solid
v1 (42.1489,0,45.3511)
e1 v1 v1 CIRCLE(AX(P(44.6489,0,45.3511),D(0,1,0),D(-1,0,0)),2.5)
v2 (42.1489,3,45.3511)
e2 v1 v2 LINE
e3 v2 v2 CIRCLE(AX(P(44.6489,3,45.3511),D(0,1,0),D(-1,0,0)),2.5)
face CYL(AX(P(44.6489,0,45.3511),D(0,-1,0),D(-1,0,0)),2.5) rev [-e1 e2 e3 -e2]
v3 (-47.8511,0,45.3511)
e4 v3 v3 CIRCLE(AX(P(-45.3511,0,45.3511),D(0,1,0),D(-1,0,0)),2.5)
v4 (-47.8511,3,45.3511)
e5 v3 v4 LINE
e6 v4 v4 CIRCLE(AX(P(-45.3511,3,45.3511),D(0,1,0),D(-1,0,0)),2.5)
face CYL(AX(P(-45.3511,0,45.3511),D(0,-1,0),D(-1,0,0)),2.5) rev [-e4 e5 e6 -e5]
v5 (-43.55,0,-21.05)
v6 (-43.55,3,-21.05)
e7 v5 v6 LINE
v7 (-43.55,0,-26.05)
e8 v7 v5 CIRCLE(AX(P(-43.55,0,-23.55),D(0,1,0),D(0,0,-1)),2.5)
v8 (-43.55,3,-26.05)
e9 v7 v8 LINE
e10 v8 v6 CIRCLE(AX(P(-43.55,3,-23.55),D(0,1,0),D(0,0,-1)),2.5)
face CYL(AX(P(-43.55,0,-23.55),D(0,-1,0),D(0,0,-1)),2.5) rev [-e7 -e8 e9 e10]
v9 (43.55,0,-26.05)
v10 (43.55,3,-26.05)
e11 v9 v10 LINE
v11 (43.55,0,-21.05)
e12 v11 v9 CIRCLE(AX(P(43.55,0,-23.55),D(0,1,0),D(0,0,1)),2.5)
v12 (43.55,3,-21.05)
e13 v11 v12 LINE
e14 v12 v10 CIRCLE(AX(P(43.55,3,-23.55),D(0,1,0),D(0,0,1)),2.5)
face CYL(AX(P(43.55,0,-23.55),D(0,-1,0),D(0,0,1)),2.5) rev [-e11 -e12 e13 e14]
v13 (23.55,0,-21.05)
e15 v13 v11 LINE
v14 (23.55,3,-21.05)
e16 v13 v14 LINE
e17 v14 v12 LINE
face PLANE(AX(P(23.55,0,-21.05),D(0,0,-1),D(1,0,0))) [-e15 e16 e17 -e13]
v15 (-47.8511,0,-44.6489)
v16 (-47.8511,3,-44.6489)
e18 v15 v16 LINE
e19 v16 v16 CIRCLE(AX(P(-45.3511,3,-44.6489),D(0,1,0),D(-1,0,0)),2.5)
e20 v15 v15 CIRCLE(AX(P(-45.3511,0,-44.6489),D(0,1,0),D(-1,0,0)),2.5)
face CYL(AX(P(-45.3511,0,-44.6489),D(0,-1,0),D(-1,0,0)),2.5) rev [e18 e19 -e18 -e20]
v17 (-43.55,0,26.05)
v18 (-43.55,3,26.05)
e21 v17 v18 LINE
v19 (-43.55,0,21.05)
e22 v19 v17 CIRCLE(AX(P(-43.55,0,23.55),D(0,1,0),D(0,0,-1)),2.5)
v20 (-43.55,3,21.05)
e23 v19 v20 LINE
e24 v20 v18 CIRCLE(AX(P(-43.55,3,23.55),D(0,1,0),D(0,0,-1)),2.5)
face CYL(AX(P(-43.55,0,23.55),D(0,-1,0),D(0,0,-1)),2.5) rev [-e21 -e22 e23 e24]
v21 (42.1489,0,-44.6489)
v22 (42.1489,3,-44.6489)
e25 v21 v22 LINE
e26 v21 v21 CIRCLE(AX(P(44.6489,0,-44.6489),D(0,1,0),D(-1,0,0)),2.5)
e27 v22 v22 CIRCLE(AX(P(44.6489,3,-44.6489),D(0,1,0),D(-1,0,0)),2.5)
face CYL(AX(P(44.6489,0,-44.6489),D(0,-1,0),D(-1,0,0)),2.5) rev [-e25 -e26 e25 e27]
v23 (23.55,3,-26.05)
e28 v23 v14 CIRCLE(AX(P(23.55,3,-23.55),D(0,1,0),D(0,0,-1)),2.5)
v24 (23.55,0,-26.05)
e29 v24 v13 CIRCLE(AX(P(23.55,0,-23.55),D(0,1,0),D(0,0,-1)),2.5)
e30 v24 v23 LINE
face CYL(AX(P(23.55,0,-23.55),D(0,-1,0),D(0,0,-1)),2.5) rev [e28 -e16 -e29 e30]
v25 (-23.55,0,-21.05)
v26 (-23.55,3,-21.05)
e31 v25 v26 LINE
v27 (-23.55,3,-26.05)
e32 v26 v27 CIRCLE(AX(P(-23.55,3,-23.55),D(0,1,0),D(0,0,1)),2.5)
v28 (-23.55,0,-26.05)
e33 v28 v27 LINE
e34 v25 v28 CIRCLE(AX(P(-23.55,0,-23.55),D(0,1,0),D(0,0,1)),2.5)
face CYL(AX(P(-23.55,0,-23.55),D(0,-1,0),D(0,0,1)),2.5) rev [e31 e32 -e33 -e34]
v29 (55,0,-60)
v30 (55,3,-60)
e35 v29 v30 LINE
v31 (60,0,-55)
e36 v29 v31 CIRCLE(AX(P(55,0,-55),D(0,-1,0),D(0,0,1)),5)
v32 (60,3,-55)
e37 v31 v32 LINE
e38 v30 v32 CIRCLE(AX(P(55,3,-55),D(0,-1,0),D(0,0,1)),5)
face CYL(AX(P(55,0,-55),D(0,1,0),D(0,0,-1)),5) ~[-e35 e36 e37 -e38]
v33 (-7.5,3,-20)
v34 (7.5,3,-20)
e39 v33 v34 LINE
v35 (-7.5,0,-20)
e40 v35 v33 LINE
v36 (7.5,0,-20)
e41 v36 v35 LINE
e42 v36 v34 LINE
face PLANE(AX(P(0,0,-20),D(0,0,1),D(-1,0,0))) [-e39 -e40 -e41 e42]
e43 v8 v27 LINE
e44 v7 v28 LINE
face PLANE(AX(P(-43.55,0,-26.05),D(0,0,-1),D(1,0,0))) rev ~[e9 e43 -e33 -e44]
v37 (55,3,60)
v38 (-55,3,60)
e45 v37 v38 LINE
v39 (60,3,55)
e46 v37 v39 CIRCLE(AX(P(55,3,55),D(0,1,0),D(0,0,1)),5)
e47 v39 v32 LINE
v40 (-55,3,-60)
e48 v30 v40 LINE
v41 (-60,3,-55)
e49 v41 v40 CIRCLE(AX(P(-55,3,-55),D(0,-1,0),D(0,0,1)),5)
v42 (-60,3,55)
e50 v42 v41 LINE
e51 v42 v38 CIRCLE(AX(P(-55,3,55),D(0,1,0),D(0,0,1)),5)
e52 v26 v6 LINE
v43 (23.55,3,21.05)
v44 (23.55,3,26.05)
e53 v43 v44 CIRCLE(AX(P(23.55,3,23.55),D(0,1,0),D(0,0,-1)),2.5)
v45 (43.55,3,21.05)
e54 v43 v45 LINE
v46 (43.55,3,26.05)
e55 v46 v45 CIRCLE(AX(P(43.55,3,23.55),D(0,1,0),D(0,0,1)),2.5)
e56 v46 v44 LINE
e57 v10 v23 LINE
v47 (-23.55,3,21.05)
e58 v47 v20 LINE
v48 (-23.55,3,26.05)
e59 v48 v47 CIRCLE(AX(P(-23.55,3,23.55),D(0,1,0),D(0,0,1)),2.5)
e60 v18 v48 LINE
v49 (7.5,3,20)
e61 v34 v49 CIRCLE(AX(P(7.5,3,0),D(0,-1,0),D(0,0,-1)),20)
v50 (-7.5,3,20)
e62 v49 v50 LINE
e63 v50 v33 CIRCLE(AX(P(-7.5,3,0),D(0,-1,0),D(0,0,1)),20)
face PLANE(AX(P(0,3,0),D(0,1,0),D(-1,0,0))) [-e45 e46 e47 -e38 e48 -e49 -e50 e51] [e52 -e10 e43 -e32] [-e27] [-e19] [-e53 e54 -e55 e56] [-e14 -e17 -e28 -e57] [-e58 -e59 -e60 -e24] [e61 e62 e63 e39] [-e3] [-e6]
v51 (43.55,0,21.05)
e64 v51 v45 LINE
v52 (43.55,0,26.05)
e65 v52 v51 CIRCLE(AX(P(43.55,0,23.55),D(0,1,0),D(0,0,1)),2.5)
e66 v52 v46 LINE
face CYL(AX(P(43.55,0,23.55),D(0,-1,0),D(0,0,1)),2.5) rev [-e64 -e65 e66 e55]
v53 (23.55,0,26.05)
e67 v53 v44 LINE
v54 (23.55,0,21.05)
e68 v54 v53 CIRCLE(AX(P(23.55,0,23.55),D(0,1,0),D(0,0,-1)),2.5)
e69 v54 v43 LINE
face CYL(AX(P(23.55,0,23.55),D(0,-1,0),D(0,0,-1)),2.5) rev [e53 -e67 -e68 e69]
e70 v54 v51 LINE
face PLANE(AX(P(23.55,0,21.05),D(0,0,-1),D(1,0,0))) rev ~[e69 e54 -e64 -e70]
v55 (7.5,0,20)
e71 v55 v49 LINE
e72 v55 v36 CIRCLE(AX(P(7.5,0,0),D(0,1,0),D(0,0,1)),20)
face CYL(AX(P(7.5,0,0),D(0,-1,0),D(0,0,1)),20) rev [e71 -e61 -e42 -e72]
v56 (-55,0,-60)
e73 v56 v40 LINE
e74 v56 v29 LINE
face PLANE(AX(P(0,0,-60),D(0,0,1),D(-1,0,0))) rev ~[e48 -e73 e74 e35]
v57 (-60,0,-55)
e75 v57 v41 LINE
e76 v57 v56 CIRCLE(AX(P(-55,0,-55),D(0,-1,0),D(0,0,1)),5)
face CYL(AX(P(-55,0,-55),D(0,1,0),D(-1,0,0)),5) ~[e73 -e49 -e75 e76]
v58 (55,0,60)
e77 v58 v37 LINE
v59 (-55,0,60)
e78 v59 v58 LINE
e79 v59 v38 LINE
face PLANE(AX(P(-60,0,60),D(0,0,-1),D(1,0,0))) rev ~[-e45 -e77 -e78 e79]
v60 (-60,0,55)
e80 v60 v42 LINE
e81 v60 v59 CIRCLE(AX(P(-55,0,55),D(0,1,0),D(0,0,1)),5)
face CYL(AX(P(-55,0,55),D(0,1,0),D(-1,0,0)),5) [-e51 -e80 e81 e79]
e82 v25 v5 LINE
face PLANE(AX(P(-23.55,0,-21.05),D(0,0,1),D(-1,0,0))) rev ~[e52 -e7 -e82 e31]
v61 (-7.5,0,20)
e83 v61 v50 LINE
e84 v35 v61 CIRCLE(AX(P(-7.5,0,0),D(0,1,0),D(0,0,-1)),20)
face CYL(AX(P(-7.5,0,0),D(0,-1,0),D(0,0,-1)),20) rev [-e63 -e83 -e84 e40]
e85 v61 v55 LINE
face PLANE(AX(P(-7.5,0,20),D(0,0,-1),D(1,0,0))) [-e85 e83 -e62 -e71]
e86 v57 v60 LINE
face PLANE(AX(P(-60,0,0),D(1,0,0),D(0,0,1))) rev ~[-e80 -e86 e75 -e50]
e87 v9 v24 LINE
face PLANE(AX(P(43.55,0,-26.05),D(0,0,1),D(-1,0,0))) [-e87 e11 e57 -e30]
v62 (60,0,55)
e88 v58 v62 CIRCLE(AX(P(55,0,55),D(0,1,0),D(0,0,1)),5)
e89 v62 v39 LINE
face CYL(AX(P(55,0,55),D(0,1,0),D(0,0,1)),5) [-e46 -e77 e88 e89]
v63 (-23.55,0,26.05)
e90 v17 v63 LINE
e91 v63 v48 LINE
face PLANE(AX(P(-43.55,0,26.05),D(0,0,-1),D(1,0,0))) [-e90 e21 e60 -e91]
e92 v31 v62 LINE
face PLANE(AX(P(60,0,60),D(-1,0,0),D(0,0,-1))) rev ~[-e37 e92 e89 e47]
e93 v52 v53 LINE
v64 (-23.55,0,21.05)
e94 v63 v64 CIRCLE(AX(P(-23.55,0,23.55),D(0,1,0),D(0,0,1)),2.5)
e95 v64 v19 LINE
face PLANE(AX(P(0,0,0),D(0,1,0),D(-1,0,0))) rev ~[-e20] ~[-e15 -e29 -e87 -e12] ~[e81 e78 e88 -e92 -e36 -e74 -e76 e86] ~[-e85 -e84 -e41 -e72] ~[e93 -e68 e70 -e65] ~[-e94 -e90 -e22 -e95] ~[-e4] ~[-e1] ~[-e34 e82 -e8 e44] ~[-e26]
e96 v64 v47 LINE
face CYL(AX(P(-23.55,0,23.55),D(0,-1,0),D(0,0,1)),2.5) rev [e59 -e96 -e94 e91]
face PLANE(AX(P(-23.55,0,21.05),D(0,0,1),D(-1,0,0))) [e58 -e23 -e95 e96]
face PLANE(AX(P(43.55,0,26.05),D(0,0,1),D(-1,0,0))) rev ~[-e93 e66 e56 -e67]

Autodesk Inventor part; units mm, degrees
ref_plane "YZ Plane" through (0, 0, 0) normal (1, 0, 0) x (0, 1, 0)
ref_plane "XZ Plane" through (0, 0, 0) normal (0, 1, 0) x (-1, 0, 0)
ref_plane "XY Plane" through (0, 0, 0) normal (0, 0, 1) x (1, 0, 0)
sketch "Sketch1" plane through (0, 0, 0) normal (0, 1, 0) x (-1, 0, 0)
  line L0 (60, 60) -> (-60, 60)
  line L1 (-60, 60) -> (-60, -60)
  line L2 (-60, -60) -> (60, -60)
  line L3 (60, -60) -> (60, 60)
  line L4 (60, 60) -> (-60, -60) construction
  line L5 (-60, 60) -> (60, -60) construction
  line L6 (60, 0) -> (-60, 0)
  line L7 (0, 60) -> (0, -60)
  circle A0 centre (45.3511, 45.3511) radius 2.5
  circle A1 centre (45.3511, -44.6489) radius 2.5
  circle A2 centre (-44.6489, 45.3511) radius 2.5
  circle A3 centre (-44.6489, -44.6489) radius 2.5
  line L8 (7.5, 0) -> (-7.5, 0) construction
  line L9 (7.5, 20) -> (-7.5, 20)
  line L10 (-7.5, -20) -> (7.5, -20)
  arc A4 (7.5, -20) -> (7.5, 20) centre (7.5, 0) ccw
  arc A5 (-7.5, 20) -> (-7.5, -20) centre (-7.5, 0) ccw
  line L11 (43.55, 23.55) -> (23.55, 23.55) construction
  line L12 (43.55, 26.05) -> (23.55, 26.05)
  line L13 (23.55, 21.05) -> (43.55, 21.05)
  arc A6 (43.55, 21.05) -> (43.55, 26.05) centre (43.55, 23.55) ccw
  arc A7 (23.55, 26.05) -> (23.55, 21.05) centre (23.55, 23.55) ccw
  line L14 (43.55, -23.55) -> (23.55, -23.55) construction
  line L15 (43.55, -26.05) -> (23.55, -26.05)
  line L16 (23.55, -21.05) -> (43.55, -21.05)
  arc A8 (43.55, -26.05) -> (43.55, -21.05) centre (43.55, -23.55) ccw
  arc A9 (23.55, -21.05) -> (23.55, -26.05) centre (23.55, -23.55) ccw
  line L17 (-43.55, 23.55) -> (-23.55, 23.55) construction
  line L18 (-43.55, 26.05) -> (-23.55, 26.05)
  line L19 (-23.55, 21.05) -> (-43.55, 21.05)
  arc A10 (-43.55, 26.05) -> (-43.55, 21.05) centre (-43.55, 23.55) ccw
  arc A11 (-23.55, 21.05) -> (-23.55, 26.05) centre (-23.55, 23.55) ccw
  line L20 (-23.55, -21.05) -> (-43.55, -21.05)
  line L21 (-43.55, -23.55) -> (-23.55, -23.55) construction
  arc A12 (-23.55, -26.05) -> (-23.55, -21.05) centre (-23.55, -23.55) ccw
  arc A13 (-43.55, -21.05) -> (-43.55, -26.05) centre (-43.55, -23.55) ccw
  line L22 (-43.55, -26.05) -> (-23.55, -26.05)
  point P0 (0, 0)
  point P1 (0, 0)
  point P2 (33.55, 23.55)
  point P3 (33.55, -23.55)
  point P4 (33.55, -23.55)
  point P5 (-33.55, 23.55)
  point P6 (-33.55, -23.55)
  point P7 (-33.55, -23.55)
  dimension "d2" = 120
  dimension "d3" = 120
  dimension "d4" = 5
  dimension "d7" = 90
  dimension "d10" = 90
  dimension "d13" = 15
  dimension "d14" = 7.5
  dimension "d15" = 20
  dimension "d16" = 20
  dimension "d17" = 2.5
  dimension "d18" = 47.1
extrude "Extrusion1" add sketch "Sketch1" along normal blind 3 contours L3 L6 A4 L9 L7 L0 | L7 L9 A5 L6 L1 L0 | L3 L2 L7 L10 A4 L6 | L6 A5 L10 L7 L2 L1
fillet "Fillet1" radius 5 4 edges at (60, 1.5, -60) (-60, 1.5, -60) (-60, 1.5, 60) (60, 1.5, 60)
properties part number "motormountplate" material "Steel, Galvanized"
